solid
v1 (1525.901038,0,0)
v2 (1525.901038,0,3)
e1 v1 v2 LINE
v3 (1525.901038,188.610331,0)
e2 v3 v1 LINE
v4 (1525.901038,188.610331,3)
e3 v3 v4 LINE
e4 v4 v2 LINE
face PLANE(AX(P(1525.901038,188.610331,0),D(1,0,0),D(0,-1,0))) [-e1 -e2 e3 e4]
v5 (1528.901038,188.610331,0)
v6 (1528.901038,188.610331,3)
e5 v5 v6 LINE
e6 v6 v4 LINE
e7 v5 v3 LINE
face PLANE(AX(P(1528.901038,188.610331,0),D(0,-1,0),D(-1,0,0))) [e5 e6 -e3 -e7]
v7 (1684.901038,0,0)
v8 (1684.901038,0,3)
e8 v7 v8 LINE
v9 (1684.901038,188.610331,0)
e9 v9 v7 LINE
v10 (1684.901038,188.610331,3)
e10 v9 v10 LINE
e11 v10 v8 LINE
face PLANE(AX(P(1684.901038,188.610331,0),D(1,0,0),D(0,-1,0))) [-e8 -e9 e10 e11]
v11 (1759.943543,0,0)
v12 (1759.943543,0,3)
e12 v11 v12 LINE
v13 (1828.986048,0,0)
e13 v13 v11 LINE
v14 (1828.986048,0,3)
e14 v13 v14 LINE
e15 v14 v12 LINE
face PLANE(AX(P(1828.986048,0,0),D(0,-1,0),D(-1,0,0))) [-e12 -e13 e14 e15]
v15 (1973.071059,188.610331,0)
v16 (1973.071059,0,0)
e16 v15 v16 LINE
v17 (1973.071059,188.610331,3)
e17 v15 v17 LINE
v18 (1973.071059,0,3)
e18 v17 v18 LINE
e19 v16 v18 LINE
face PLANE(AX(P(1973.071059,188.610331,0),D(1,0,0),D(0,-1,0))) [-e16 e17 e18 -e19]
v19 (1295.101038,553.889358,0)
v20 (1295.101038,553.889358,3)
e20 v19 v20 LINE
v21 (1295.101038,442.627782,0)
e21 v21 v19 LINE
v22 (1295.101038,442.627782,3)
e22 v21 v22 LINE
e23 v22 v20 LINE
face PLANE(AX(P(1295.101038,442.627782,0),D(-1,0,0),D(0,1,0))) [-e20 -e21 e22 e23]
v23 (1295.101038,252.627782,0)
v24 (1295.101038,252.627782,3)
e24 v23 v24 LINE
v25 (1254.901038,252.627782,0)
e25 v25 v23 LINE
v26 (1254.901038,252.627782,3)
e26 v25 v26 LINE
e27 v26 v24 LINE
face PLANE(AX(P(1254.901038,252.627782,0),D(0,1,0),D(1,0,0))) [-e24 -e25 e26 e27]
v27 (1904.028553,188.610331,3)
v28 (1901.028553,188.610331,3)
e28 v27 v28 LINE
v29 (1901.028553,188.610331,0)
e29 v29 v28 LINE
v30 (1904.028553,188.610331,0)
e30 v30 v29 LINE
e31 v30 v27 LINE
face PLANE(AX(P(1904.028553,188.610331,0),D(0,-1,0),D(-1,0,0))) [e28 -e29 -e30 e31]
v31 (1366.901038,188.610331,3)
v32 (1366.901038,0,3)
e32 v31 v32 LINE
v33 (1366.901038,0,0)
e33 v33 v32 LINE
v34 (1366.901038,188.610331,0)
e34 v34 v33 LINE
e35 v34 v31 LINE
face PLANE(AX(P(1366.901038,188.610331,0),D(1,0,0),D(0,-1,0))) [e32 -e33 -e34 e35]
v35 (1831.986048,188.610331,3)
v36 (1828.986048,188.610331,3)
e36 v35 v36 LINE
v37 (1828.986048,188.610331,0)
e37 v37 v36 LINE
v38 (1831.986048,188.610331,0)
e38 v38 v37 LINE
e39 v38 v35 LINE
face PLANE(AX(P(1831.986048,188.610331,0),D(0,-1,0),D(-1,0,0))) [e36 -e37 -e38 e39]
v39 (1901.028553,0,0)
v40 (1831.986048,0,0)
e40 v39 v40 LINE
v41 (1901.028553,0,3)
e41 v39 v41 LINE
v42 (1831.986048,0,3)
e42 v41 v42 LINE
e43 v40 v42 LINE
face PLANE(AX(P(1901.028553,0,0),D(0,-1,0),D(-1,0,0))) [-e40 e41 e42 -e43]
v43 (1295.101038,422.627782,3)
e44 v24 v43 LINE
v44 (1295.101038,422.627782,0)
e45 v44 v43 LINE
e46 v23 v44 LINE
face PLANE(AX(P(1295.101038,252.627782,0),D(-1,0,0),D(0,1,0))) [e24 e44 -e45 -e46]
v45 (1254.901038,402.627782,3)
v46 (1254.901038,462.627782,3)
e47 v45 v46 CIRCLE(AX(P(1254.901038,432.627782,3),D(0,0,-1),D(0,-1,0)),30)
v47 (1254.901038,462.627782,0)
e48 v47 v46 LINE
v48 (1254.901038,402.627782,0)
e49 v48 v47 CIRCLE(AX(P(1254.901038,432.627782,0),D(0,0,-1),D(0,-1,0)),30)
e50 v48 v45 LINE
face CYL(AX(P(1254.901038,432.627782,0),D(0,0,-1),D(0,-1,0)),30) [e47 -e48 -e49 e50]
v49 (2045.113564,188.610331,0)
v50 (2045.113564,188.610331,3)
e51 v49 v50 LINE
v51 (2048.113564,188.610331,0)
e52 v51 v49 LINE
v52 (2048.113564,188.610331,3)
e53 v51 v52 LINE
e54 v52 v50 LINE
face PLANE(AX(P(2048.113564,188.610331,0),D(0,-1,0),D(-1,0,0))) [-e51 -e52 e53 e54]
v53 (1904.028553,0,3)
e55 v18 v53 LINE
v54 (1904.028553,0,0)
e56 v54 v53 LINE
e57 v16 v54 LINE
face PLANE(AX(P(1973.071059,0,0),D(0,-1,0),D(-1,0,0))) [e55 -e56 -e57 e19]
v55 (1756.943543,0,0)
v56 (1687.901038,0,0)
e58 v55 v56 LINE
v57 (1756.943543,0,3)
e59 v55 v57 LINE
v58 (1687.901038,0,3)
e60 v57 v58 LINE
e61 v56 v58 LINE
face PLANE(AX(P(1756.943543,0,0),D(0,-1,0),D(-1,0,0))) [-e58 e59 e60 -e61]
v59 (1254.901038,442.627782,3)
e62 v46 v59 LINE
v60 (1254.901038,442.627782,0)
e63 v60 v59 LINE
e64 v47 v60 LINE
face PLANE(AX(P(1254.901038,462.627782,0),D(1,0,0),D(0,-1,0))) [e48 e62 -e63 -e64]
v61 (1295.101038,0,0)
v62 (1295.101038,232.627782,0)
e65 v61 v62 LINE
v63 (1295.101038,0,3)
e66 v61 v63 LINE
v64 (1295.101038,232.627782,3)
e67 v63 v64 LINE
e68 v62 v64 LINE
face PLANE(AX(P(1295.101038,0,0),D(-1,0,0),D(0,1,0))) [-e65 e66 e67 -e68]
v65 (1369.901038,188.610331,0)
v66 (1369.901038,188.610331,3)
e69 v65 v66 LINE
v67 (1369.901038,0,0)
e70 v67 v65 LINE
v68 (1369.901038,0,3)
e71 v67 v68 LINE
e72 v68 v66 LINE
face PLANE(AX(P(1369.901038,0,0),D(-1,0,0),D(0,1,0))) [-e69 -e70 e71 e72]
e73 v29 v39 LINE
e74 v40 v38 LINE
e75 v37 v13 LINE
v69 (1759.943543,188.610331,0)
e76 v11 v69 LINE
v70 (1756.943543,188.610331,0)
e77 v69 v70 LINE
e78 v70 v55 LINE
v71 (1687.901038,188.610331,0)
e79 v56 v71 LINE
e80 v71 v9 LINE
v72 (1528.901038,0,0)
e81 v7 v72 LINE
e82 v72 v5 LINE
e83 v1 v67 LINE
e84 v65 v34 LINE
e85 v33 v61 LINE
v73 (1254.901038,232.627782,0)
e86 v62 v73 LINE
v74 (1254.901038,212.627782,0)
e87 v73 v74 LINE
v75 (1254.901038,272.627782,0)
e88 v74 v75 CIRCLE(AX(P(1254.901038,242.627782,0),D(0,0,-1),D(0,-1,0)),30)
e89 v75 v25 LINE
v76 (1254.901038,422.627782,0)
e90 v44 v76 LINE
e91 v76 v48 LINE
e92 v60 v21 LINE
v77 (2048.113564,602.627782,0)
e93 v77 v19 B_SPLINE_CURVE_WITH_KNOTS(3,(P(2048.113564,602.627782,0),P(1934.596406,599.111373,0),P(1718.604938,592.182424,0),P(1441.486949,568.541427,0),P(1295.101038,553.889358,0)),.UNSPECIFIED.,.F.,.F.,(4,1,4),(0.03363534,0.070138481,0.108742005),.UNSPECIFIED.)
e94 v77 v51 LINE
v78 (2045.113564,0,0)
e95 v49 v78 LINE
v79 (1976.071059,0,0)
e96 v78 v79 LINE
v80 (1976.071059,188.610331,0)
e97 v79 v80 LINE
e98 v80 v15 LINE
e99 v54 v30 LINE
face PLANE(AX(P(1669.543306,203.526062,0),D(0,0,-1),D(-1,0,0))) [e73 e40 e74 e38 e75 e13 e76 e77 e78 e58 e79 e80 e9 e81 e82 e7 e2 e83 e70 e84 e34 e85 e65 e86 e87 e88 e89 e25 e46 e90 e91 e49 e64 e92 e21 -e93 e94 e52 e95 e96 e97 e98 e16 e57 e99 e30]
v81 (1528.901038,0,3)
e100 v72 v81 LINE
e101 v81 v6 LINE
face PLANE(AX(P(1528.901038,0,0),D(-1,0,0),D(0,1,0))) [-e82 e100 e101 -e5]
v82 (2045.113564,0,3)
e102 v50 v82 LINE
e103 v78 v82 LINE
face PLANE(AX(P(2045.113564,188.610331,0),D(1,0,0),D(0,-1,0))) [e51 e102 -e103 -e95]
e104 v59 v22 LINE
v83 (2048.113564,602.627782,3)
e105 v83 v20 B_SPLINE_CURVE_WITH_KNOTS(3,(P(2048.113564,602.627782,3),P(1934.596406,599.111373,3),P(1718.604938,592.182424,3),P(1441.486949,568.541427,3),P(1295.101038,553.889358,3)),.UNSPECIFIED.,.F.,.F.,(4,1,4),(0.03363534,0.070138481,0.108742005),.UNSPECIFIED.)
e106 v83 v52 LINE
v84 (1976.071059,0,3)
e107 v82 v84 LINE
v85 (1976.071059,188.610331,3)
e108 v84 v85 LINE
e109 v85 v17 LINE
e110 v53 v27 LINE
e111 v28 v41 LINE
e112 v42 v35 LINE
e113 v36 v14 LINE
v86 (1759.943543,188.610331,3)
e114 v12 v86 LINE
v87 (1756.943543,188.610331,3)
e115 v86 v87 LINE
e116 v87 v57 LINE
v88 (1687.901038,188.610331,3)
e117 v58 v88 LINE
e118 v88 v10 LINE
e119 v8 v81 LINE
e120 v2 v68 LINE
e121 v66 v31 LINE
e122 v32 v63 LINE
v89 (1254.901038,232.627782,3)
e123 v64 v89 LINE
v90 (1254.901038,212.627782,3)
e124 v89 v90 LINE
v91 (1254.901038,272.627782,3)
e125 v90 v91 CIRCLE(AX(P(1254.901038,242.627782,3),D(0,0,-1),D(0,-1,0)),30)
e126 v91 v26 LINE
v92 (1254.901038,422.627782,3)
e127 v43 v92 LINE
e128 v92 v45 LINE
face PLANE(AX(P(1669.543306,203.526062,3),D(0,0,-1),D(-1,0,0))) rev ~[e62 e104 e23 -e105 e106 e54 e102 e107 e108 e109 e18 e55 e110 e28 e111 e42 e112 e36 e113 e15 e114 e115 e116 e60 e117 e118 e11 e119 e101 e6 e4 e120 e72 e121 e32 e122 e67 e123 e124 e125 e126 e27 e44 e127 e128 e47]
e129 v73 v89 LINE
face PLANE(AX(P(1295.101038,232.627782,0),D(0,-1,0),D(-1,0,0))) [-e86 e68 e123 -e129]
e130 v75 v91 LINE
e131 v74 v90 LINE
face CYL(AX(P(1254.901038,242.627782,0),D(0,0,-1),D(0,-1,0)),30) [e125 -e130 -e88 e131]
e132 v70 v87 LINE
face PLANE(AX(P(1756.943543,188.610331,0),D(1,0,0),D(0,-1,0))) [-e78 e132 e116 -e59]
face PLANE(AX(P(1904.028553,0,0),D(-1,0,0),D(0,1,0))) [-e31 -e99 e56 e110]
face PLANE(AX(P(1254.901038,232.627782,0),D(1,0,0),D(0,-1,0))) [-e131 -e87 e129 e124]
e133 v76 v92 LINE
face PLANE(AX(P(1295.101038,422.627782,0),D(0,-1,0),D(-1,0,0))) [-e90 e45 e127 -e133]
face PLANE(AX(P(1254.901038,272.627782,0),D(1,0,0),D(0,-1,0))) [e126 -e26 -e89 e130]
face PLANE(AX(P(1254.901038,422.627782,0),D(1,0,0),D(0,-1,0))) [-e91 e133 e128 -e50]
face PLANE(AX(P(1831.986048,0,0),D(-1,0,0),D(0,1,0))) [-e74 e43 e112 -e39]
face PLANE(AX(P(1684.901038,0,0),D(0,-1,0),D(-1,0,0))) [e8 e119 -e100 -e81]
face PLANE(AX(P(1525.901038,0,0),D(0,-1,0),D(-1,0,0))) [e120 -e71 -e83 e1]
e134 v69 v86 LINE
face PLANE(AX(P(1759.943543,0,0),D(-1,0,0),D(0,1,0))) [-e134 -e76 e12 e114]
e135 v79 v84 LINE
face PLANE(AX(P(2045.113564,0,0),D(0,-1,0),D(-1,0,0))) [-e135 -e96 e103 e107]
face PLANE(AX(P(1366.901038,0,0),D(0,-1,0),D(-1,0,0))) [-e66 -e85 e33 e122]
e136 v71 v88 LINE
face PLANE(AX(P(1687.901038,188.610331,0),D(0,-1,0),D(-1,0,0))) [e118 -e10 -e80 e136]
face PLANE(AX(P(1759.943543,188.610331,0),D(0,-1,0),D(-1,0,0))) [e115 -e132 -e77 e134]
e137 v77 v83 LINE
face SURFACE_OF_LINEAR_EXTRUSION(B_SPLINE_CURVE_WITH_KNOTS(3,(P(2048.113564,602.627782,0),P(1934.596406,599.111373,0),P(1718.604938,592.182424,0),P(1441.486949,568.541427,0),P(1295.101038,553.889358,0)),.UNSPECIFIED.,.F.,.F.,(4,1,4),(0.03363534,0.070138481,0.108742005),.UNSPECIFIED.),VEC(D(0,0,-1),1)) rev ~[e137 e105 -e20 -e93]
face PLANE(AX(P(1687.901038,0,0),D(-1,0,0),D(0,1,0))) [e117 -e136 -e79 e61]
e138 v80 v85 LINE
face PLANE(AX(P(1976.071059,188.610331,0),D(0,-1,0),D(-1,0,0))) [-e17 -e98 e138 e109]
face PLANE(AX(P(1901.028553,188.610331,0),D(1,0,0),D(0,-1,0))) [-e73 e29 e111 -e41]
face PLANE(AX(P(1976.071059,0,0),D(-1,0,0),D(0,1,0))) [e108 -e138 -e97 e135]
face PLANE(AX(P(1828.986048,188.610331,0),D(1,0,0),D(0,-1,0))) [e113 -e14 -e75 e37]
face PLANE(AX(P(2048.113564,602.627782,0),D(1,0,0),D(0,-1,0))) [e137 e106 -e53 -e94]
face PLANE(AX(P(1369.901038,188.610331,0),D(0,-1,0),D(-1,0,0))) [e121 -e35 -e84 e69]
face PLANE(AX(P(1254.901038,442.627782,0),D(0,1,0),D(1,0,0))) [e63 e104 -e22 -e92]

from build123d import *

# Parameters (mm, degrees)
BOSS_EXTRUDE1_DEPTH = 3


with BuildPart() as part:
    # Model → Boss-Extrude1 (new body)
    with BuildSketch(Plane.XY):
        with BuildLine():
            Line((1295.101037795, 0), (1295.101037795, 232.627781841))
            Line((1295.101037795, 232.627781841), (1254.901037796, 232.627781841))
            Line((1254.901037796, 232.627781841), (1254.901037796, 212.627781841))
            ThreePointArc((1254.901037796, 212.627781841), (1224.901037796, 242.627781841), (1254.901037796, 272.627781841))
            Line((1254.901037796, 272.627781841), (1254.901037796, 252.627781841))
            Line((1254.901037796, 252.627781841), (1295.101037795, 252.627781841))
            Line((1295.101037795, 252.627781841), (1295.101037795, 422.627781841))
            Line((1295.101037795, 422.627781841), (1254.901037796, 422.627781841))
            Line((1254.901037796, 422.627781841), (1254.901037796, 402.627781841))
            ThreePointArc((1254.901037796, 402.627781841), (1224.901037796, 432.627781841), (1254.901037796, 462.627781841))
            Line((1254.901037796, 462.627781841), (1254.901037796, 442.627781841))
            Line((1254.901037796, 442.627781841), (1295.101037795, 442.627781841))
            Line((1295.101037795, 442.627781841), (1295.101037795, 553.889357901))
            add(Edge.make_bspline(
                [(2048.11356374, 602.627781841), (1934.596406147, 599.111372984), (1718.604938145, 592.182424007), (1441.4869488, 568.541427312), (1295.101037795, 553.889357901)],
                knots=[0.03363534, 0.03363534, 0.03363534, 0.03363534, 0.070138481, 0.108742005, 0.108742005, 0.108742005, 0.108742005], degree=3))
            Line((2048.11356374, 602.627781841), (2048.11356374, 188.610331254))
            Line((2048.11356374, 188.610331254), (2045.113563742, 188.610331254))
            Line((2045.113563742, 188.610331254), (2045.113563742, 0))
            Line((2045.113563742, 0), (1976.071058553, 0))
            Line((1976.071058553, 0), (1976.071058553, 188.610331254))
            Line((1976.071058553, 188.610331254), (1973.071058559, 188.610331254))
            Line((1973.071058559, 188.610331254), (1973.071058559, 0))
            Line((1973.071058559, 0), (1904.028553364, 0))
            Line((1904.028553364, 0), (1904.028553364, 188.610331254))
            Line((1904.028553364, 188.610331254), (1901.028553364, 188.610331254))
            Line((1901.028553364, 188.610331254), (1901.028553364, 0))
            Line((1901.028553364, 0), (1831.986048175, 0))
            Line((1831.986048175, 0), (1831.986048175, 188.610331254))
            Line((1831.986048175, 188.610331254), (1828.986048175, 188.610331254))
            Line((1828.986048175, 188.610331254), (1828.986048175, 0))
            Line((1828.986048175, 0), (1759.943542987, 0))
            Line((1759.943542987, 0), (1759.943542987, 188.610331254))
            Line((1759.943542987, 188.610331254), (1756.943542987, 188.610331254))
            Line((1756.943542987, 188.610331254), (1756.943542987, 0))
            Line((1756.943542987, 0), (1687.901037798, 0))
            Line((1687.901037798, 0), (1687.901037798, 188.610331254))
            Line((1687.901037798, 188.610331254), (1684.901037802, 188.610331254))
            Line((1684.901037802, 188.610331254), (1684.901037802, 0))
            Line((1684.901037802, 0), (1528.901037796, 0))
            Line((1528.901037796, 0), (1528.901037796, 188.610331254))
            Line((1528.901037796, 188.610331254), (1525.901037796, 188.610331254))
            Line((1525.901037796, 188.610331254), (1525.901037796, 0))
            Line((1525.901037796, 0), (1369.901037796, 0))
            Line((1369.901037796, 0), (1369.901037796, 188.610331254))
            Line((1369.901037796, 188.610331254), (1366.901037796, 188.610331254))
            Line((1366.901037796, 188.610331254), (1366.901037796, 0))
            Line((1366.901037796, 0), (1295.101037795, 0))
        make_face()
    extrude(amount=BOSS_EXTRUDE1_DEPTH)


solid = part.part
